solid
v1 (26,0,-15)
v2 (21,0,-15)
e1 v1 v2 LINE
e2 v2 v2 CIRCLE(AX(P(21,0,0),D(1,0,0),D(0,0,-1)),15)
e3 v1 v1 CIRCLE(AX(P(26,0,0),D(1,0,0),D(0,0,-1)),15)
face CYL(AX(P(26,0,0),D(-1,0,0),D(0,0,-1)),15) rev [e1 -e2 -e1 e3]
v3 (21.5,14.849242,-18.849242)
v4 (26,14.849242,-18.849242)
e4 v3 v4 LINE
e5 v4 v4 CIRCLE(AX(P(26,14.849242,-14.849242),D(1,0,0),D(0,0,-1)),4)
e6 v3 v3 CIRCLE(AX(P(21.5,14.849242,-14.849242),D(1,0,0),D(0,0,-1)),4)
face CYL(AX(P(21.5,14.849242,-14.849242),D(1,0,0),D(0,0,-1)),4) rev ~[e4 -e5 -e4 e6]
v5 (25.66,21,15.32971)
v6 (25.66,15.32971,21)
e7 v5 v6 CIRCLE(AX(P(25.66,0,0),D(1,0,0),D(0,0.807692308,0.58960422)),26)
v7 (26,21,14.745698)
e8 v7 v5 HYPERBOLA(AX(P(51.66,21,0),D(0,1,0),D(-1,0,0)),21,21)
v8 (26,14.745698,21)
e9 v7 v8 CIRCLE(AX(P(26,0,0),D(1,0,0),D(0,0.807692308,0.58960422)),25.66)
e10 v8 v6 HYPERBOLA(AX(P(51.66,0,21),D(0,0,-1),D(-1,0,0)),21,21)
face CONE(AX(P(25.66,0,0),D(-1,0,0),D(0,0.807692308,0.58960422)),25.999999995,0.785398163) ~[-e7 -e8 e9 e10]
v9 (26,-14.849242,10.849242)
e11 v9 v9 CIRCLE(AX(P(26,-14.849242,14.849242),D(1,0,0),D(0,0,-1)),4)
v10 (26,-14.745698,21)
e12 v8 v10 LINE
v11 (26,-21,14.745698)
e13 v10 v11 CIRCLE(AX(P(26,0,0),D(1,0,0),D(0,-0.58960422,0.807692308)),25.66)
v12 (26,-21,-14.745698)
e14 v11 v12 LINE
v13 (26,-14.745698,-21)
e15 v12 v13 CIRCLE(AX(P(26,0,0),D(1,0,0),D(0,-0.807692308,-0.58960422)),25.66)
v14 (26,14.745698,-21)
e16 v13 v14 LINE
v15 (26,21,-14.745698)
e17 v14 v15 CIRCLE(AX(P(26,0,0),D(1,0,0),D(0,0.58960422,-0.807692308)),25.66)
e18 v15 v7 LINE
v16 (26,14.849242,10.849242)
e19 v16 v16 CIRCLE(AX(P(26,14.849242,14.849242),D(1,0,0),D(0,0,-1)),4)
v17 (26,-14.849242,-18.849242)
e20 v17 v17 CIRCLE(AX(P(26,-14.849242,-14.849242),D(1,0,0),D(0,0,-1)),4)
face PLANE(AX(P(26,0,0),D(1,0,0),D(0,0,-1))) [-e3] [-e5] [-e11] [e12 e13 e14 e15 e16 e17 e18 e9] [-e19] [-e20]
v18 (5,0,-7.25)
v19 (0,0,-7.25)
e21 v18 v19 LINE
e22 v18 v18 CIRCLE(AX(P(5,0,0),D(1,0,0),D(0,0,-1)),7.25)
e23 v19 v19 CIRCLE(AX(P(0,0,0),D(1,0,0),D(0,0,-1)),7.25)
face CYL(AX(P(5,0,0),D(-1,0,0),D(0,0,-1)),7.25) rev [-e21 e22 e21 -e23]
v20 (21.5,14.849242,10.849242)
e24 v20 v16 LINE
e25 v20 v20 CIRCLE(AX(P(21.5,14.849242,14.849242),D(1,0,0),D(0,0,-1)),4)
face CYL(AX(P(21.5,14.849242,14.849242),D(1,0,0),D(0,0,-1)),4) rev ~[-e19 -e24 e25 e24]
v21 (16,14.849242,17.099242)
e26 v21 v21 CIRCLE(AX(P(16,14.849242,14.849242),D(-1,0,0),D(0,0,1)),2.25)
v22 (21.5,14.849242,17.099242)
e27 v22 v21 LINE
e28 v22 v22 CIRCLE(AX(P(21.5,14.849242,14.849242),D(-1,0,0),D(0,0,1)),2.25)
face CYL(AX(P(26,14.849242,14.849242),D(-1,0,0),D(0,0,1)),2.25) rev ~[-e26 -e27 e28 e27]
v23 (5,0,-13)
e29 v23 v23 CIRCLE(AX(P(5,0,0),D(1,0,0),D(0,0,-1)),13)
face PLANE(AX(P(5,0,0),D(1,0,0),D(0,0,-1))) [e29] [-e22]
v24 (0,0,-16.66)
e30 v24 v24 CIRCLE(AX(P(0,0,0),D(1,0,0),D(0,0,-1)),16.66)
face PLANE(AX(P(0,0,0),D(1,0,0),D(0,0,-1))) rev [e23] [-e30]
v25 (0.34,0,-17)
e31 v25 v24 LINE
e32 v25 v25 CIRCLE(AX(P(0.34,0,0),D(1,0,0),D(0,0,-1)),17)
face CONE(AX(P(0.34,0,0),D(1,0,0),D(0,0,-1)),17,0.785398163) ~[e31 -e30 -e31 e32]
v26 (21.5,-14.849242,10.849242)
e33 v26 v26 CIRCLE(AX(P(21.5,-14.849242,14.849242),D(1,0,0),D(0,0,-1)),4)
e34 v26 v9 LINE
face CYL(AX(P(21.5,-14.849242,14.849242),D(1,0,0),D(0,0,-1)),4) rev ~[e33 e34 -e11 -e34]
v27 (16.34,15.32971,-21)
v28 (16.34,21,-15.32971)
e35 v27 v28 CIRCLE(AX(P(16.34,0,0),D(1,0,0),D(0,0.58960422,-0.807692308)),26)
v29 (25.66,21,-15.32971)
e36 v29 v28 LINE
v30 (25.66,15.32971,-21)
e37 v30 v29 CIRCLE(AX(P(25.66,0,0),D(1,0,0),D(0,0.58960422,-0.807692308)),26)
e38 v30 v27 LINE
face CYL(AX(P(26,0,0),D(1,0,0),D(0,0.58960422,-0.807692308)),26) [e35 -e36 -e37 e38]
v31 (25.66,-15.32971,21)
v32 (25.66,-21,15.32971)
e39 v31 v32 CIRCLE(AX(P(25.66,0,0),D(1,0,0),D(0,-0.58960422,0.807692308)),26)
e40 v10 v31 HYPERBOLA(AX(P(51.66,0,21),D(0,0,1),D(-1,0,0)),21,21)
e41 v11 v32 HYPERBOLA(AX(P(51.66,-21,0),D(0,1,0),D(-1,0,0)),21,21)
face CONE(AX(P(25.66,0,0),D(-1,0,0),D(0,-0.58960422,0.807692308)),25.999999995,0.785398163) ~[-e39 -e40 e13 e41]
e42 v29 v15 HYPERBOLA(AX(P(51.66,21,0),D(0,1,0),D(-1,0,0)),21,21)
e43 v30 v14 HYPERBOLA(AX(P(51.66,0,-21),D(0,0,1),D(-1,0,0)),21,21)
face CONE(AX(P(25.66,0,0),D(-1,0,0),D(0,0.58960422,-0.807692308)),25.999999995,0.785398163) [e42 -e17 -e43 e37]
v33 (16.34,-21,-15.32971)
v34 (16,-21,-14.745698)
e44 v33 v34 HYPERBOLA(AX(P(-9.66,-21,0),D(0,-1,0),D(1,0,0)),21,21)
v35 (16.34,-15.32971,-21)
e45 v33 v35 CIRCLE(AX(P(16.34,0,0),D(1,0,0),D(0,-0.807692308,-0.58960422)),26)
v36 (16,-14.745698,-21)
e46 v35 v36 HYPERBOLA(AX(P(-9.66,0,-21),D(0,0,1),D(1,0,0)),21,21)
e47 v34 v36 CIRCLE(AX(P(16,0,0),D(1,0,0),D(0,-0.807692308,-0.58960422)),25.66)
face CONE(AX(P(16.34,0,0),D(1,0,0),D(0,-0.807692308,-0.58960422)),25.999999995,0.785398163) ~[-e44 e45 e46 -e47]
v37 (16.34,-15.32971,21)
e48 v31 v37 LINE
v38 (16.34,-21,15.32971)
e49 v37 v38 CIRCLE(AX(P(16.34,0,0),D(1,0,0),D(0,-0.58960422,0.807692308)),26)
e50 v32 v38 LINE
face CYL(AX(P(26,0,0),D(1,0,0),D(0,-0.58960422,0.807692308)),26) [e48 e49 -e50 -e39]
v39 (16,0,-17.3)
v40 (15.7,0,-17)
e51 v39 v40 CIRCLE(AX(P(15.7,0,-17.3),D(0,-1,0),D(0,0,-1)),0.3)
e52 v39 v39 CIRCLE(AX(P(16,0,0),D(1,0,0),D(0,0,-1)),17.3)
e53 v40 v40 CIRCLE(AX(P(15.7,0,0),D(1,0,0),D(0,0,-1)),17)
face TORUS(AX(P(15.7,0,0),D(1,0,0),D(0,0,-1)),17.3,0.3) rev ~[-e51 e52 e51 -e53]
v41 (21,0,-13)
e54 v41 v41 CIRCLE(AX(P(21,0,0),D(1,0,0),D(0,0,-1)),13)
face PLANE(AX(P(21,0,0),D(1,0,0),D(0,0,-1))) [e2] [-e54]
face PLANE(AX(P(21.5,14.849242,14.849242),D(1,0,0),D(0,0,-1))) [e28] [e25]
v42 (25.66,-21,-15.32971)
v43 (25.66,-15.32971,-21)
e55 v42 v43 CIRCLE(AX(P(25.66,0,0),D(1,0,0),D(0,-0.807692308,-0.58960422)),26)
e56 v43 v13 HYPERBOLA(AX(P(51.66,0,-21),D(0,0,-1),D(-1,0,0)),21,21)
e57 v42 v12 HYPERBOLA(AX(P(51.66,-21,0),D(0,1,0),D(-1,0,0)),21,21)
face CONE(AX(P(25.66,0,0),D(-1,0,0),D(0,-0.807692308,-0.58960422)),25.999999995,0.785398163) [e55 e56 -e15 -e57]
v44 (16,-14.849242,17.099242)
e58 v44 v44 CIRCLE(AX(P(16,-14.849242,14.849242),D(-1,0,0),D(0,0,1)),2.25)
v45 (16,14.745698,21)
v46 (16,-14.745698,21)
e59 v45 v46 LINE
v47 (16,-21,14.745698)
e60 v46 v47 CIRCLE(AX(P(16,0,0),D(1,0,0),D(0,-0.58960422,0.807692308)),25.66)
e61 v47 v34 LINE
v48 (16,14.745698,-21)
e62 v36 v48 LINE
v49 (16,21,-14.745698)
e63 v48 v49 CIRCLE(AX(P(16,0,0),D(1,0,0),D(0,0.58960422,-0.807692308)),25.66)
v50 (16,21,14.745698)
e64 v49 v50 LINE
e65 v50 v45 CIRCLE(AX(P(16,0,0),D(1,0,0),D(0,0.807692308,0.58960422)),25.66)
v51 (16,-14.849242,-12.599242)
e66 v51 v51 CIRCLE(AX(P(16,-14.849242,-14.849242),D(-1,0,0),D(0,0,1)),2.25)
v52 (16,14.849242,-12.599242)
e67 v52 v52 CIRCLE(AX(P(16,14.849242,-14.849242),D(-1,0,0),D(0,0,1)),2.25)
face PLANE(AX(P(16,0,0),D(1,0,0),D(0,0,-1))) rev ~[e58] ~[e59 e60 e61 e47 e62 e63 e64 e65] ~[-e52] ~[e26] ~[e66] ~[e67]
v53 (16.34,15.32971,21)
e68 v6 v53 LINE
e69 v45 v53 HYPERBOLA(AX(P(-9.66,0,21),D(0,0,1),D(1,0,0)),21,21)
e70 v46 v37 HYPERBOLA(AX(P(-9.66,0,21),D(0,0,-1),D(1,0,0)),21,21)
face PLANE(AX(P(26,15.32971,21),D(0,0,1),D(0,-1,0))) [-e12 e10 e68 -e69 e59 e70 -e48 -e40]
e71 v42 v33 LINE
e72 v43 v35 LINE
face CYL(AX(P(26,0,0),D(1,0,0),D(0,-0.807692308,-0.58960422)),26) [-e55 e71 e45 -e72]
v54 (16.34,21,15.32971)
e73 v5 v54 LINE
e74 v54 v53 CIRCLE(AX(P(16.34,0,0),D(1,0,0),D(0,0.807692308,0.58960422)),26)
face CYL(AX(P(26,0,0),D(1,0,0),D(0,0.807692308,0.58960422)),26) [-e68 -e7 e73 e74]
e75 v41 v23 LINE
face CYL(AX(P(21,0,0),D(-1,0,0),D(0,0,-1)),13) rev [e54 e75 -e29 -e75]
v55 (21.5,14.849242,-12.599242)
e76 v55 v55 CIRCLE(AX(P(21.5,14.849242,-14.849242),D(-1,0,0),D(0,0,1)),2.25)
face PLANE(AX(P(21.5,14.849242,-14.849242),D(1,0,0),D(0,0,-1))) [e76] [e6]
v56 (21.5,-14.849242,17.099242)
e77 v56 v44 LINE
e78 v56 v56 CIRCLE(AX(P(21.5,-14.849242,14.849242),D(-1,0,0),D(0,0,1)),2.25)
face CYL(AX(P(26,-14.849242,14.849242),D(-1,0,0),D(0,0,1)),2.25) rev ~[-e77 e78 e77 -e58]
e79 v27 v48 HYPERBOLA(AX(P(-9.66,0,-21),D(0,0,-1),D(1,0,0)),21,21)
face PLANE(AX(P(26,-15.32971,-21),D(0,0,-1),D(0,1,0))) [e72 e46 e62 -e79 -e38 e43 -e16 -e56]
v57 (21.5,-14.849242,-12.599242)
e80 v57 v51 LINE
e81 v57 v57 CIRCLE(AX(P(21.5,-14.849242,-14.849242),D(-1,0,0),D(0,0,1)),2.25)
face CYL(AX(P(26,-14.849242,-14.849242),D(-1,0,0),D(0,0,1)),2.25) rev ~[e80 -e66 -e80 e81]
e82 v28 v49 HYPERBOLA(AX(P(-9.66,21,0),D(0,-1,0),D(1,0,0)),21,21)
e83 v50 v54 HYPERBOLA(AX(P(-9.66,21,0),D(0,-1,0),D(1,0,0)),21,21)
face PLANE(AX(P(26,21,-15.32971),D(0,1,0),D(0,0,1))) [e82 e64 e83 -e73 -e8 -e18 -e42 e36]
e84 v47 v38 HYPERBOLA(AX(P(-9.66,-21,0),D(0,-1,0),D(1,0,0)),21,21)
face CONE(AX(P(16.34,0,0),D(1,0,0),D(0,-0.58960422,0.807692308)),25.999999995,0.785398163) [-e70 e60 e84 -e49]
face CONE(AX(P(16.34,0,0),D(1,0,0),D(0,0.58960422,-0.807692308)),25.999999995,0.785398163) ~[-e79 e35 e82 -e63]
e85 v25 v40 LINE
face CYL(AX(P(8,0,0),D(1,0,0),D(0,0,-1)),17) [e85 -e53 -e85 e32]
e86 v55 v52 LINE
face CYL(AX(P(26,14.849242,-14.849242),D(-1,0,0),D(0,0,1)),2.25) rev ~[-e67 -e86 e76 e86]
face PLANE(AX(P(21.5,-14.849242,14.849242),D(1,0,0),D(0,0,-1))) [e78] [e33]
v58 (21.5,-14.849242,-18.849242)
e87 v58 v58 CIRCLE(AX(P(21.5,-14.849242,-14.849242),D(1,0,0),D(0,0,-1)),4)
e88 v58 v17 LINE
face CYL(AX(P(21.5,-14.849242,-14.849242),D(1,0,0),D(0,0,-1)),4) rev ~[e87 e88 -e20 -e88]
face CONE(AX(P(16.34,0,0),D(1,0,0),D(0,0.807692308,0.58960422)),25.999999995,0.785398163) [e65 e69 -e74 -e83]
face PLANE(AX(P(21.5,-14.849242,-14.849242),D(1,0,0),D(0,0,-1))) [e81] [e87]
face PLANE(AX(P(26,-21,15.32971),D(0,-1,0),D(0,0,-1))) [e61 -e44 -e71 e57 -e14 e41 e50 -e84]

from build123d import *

# Parameters (mm, degrees)
BOSS_EXTRUDE1_DEPTH                              = 10
SKETCH2_W                                        = 16
SKETCH2_H                                        = 17
CBORE_FOR_M4_HEX_HEAD_MACHINE_SCREW1_D           = 4.5
CBORE_FOR_M4_HEX_HEAD_MACHINE_SCREW1_DEPTH       = 26
CBORE_FOR_M4_HEX_HEAD_MACHINE_SCREW1_CBORE_D     = 8
CBORE_FOR_M4_HEX_HEAD_MACHINE_SCREW1_CBORE_DEPTH = 4.5
CHAMFER1_SIZE                                    = 0.34
FILLET1_R                                        = 0.3


with BuildPart() as part:
    # Sketch1 → Boss-Extrude1 (new body)
    with BuildSketch(Plane(origin=(26, 0, 0), x_dir=(0, 0, -1), z_dir=(1, 0, 0))):
        with BuildLine():
            Line((21, -15.329709717), (21, 15.329709717))
            ThreePointArc((21, 15.329709717), (18.384776311, 18.384776311), (15.329709717, 21))
            Line((15.329709717, 21), (-15.329709717, 21))
            ThreePointArc((-15.329709717, 21), (-18.384776311, 18.384776311), (-21, 15.329709717))
            Line((-21, 15.329709717), (-21, -15.329709717))
            ThreePointArc((-21, -15.329709717), (-18.384776311, -18.384776311), (-15.329709717, -21))
            Line((-15.329709717, -21), (15.329709717, -21))
            ThreePointArc((15.329709717, -21), (18.384776311, -18.384776311), (21, -15.329709717))
        make_face()
    extrude(amount=-BOSS_EXTRUDE1_DEPTH)

    # Sketch2 → Revolve1 (revolve)
    with BuildSketch(Plane.XY, mode=Mode.PRIVATE) as revolve1_sk:
        with Locations((8, 8.5)):
            Rectangle(SKETCH2_W, SKETCH2_H)
    revolve(revolve1_sk.sketch.rotate(Axis((0, 0, 0), (1, 0, 0)), 270), axis=Axis((0, 0, 0), (1, 0, 0)))

    # Sketch3 → Cut-Revolve1 (revolve, cut)
    with BuildSketch(Plane.XY, mode=Mode.PRIVATE) as cut_revolve1_sk:
        Polygon((0, 7.25), (0, 0), (26, 0), (26, 15), (21, 15), (21, 13), (5, 13), (5, 7.25), align=None)
    revolve(cut_revolve1_sk.sketch.rotate(Axis((0, 0, 0), (1, 0, 0)), 270), axis=Axis((0, 0, 0), (1, 0, 0)), mode=Mode.SUBTRACT)

    # CBORE for M4 Hex Head Machine Screw1
    with Locations(Plane(origin=(26, 0, 0), x_dir=(0, 0, -1), z_dir=(1, 0, 0))):
        with Locations((-14.849242405, 14.849242405), (14.849242405, -14.849242405), (14.849242405, 14.849242405), (-14.849242405, -14.849242405)):
            CounterBoreHole(CBORE_FOR_M4_HEX_HEAD_MACHINE_SCREW1_D / 2, CBORE_FOR_M4_HEX_HEAD_MACHINE_SCREW1_CBORE_D / 2, CBORE_FOR_M4_HEX_HEAD_MACHINE_SCREW1_CBORE_DEPTH, depth=CBORE_FOR_M4_HEX_HEAD_MACHINE_SCREW1_DEPTH)

    # Chamfer1
    chamfer1_edges = [part.edges().sort_by_distance(p)[0] for p in [
        (16, 18.384776311, -18.384776311),
        (26, -18.384776311, -18.384776311),
        (16, 18.384776311, 18.384776311),
        (16, -18.384776311, 18.384776311),
        (0, 0, 17),
        (16, -18.384776311, -18.384776311),
        (26, -18.384776311, 18.384776311),
        (26, 18.384776311, 18.384776311),
        (26, 18.384776311, -18.384776311),
    ]]
    chamfer(chamfer1_edges, length=CHAMFER1_SIZE)

    # Fillet1
    fillet1_edges = [part.edges().sort_by_distance(p)[0] for p in [
        (16, 0, 17),
    ]]
    fillet(fillet1_edges, radius=FILLET1_R)


solid = part.part
